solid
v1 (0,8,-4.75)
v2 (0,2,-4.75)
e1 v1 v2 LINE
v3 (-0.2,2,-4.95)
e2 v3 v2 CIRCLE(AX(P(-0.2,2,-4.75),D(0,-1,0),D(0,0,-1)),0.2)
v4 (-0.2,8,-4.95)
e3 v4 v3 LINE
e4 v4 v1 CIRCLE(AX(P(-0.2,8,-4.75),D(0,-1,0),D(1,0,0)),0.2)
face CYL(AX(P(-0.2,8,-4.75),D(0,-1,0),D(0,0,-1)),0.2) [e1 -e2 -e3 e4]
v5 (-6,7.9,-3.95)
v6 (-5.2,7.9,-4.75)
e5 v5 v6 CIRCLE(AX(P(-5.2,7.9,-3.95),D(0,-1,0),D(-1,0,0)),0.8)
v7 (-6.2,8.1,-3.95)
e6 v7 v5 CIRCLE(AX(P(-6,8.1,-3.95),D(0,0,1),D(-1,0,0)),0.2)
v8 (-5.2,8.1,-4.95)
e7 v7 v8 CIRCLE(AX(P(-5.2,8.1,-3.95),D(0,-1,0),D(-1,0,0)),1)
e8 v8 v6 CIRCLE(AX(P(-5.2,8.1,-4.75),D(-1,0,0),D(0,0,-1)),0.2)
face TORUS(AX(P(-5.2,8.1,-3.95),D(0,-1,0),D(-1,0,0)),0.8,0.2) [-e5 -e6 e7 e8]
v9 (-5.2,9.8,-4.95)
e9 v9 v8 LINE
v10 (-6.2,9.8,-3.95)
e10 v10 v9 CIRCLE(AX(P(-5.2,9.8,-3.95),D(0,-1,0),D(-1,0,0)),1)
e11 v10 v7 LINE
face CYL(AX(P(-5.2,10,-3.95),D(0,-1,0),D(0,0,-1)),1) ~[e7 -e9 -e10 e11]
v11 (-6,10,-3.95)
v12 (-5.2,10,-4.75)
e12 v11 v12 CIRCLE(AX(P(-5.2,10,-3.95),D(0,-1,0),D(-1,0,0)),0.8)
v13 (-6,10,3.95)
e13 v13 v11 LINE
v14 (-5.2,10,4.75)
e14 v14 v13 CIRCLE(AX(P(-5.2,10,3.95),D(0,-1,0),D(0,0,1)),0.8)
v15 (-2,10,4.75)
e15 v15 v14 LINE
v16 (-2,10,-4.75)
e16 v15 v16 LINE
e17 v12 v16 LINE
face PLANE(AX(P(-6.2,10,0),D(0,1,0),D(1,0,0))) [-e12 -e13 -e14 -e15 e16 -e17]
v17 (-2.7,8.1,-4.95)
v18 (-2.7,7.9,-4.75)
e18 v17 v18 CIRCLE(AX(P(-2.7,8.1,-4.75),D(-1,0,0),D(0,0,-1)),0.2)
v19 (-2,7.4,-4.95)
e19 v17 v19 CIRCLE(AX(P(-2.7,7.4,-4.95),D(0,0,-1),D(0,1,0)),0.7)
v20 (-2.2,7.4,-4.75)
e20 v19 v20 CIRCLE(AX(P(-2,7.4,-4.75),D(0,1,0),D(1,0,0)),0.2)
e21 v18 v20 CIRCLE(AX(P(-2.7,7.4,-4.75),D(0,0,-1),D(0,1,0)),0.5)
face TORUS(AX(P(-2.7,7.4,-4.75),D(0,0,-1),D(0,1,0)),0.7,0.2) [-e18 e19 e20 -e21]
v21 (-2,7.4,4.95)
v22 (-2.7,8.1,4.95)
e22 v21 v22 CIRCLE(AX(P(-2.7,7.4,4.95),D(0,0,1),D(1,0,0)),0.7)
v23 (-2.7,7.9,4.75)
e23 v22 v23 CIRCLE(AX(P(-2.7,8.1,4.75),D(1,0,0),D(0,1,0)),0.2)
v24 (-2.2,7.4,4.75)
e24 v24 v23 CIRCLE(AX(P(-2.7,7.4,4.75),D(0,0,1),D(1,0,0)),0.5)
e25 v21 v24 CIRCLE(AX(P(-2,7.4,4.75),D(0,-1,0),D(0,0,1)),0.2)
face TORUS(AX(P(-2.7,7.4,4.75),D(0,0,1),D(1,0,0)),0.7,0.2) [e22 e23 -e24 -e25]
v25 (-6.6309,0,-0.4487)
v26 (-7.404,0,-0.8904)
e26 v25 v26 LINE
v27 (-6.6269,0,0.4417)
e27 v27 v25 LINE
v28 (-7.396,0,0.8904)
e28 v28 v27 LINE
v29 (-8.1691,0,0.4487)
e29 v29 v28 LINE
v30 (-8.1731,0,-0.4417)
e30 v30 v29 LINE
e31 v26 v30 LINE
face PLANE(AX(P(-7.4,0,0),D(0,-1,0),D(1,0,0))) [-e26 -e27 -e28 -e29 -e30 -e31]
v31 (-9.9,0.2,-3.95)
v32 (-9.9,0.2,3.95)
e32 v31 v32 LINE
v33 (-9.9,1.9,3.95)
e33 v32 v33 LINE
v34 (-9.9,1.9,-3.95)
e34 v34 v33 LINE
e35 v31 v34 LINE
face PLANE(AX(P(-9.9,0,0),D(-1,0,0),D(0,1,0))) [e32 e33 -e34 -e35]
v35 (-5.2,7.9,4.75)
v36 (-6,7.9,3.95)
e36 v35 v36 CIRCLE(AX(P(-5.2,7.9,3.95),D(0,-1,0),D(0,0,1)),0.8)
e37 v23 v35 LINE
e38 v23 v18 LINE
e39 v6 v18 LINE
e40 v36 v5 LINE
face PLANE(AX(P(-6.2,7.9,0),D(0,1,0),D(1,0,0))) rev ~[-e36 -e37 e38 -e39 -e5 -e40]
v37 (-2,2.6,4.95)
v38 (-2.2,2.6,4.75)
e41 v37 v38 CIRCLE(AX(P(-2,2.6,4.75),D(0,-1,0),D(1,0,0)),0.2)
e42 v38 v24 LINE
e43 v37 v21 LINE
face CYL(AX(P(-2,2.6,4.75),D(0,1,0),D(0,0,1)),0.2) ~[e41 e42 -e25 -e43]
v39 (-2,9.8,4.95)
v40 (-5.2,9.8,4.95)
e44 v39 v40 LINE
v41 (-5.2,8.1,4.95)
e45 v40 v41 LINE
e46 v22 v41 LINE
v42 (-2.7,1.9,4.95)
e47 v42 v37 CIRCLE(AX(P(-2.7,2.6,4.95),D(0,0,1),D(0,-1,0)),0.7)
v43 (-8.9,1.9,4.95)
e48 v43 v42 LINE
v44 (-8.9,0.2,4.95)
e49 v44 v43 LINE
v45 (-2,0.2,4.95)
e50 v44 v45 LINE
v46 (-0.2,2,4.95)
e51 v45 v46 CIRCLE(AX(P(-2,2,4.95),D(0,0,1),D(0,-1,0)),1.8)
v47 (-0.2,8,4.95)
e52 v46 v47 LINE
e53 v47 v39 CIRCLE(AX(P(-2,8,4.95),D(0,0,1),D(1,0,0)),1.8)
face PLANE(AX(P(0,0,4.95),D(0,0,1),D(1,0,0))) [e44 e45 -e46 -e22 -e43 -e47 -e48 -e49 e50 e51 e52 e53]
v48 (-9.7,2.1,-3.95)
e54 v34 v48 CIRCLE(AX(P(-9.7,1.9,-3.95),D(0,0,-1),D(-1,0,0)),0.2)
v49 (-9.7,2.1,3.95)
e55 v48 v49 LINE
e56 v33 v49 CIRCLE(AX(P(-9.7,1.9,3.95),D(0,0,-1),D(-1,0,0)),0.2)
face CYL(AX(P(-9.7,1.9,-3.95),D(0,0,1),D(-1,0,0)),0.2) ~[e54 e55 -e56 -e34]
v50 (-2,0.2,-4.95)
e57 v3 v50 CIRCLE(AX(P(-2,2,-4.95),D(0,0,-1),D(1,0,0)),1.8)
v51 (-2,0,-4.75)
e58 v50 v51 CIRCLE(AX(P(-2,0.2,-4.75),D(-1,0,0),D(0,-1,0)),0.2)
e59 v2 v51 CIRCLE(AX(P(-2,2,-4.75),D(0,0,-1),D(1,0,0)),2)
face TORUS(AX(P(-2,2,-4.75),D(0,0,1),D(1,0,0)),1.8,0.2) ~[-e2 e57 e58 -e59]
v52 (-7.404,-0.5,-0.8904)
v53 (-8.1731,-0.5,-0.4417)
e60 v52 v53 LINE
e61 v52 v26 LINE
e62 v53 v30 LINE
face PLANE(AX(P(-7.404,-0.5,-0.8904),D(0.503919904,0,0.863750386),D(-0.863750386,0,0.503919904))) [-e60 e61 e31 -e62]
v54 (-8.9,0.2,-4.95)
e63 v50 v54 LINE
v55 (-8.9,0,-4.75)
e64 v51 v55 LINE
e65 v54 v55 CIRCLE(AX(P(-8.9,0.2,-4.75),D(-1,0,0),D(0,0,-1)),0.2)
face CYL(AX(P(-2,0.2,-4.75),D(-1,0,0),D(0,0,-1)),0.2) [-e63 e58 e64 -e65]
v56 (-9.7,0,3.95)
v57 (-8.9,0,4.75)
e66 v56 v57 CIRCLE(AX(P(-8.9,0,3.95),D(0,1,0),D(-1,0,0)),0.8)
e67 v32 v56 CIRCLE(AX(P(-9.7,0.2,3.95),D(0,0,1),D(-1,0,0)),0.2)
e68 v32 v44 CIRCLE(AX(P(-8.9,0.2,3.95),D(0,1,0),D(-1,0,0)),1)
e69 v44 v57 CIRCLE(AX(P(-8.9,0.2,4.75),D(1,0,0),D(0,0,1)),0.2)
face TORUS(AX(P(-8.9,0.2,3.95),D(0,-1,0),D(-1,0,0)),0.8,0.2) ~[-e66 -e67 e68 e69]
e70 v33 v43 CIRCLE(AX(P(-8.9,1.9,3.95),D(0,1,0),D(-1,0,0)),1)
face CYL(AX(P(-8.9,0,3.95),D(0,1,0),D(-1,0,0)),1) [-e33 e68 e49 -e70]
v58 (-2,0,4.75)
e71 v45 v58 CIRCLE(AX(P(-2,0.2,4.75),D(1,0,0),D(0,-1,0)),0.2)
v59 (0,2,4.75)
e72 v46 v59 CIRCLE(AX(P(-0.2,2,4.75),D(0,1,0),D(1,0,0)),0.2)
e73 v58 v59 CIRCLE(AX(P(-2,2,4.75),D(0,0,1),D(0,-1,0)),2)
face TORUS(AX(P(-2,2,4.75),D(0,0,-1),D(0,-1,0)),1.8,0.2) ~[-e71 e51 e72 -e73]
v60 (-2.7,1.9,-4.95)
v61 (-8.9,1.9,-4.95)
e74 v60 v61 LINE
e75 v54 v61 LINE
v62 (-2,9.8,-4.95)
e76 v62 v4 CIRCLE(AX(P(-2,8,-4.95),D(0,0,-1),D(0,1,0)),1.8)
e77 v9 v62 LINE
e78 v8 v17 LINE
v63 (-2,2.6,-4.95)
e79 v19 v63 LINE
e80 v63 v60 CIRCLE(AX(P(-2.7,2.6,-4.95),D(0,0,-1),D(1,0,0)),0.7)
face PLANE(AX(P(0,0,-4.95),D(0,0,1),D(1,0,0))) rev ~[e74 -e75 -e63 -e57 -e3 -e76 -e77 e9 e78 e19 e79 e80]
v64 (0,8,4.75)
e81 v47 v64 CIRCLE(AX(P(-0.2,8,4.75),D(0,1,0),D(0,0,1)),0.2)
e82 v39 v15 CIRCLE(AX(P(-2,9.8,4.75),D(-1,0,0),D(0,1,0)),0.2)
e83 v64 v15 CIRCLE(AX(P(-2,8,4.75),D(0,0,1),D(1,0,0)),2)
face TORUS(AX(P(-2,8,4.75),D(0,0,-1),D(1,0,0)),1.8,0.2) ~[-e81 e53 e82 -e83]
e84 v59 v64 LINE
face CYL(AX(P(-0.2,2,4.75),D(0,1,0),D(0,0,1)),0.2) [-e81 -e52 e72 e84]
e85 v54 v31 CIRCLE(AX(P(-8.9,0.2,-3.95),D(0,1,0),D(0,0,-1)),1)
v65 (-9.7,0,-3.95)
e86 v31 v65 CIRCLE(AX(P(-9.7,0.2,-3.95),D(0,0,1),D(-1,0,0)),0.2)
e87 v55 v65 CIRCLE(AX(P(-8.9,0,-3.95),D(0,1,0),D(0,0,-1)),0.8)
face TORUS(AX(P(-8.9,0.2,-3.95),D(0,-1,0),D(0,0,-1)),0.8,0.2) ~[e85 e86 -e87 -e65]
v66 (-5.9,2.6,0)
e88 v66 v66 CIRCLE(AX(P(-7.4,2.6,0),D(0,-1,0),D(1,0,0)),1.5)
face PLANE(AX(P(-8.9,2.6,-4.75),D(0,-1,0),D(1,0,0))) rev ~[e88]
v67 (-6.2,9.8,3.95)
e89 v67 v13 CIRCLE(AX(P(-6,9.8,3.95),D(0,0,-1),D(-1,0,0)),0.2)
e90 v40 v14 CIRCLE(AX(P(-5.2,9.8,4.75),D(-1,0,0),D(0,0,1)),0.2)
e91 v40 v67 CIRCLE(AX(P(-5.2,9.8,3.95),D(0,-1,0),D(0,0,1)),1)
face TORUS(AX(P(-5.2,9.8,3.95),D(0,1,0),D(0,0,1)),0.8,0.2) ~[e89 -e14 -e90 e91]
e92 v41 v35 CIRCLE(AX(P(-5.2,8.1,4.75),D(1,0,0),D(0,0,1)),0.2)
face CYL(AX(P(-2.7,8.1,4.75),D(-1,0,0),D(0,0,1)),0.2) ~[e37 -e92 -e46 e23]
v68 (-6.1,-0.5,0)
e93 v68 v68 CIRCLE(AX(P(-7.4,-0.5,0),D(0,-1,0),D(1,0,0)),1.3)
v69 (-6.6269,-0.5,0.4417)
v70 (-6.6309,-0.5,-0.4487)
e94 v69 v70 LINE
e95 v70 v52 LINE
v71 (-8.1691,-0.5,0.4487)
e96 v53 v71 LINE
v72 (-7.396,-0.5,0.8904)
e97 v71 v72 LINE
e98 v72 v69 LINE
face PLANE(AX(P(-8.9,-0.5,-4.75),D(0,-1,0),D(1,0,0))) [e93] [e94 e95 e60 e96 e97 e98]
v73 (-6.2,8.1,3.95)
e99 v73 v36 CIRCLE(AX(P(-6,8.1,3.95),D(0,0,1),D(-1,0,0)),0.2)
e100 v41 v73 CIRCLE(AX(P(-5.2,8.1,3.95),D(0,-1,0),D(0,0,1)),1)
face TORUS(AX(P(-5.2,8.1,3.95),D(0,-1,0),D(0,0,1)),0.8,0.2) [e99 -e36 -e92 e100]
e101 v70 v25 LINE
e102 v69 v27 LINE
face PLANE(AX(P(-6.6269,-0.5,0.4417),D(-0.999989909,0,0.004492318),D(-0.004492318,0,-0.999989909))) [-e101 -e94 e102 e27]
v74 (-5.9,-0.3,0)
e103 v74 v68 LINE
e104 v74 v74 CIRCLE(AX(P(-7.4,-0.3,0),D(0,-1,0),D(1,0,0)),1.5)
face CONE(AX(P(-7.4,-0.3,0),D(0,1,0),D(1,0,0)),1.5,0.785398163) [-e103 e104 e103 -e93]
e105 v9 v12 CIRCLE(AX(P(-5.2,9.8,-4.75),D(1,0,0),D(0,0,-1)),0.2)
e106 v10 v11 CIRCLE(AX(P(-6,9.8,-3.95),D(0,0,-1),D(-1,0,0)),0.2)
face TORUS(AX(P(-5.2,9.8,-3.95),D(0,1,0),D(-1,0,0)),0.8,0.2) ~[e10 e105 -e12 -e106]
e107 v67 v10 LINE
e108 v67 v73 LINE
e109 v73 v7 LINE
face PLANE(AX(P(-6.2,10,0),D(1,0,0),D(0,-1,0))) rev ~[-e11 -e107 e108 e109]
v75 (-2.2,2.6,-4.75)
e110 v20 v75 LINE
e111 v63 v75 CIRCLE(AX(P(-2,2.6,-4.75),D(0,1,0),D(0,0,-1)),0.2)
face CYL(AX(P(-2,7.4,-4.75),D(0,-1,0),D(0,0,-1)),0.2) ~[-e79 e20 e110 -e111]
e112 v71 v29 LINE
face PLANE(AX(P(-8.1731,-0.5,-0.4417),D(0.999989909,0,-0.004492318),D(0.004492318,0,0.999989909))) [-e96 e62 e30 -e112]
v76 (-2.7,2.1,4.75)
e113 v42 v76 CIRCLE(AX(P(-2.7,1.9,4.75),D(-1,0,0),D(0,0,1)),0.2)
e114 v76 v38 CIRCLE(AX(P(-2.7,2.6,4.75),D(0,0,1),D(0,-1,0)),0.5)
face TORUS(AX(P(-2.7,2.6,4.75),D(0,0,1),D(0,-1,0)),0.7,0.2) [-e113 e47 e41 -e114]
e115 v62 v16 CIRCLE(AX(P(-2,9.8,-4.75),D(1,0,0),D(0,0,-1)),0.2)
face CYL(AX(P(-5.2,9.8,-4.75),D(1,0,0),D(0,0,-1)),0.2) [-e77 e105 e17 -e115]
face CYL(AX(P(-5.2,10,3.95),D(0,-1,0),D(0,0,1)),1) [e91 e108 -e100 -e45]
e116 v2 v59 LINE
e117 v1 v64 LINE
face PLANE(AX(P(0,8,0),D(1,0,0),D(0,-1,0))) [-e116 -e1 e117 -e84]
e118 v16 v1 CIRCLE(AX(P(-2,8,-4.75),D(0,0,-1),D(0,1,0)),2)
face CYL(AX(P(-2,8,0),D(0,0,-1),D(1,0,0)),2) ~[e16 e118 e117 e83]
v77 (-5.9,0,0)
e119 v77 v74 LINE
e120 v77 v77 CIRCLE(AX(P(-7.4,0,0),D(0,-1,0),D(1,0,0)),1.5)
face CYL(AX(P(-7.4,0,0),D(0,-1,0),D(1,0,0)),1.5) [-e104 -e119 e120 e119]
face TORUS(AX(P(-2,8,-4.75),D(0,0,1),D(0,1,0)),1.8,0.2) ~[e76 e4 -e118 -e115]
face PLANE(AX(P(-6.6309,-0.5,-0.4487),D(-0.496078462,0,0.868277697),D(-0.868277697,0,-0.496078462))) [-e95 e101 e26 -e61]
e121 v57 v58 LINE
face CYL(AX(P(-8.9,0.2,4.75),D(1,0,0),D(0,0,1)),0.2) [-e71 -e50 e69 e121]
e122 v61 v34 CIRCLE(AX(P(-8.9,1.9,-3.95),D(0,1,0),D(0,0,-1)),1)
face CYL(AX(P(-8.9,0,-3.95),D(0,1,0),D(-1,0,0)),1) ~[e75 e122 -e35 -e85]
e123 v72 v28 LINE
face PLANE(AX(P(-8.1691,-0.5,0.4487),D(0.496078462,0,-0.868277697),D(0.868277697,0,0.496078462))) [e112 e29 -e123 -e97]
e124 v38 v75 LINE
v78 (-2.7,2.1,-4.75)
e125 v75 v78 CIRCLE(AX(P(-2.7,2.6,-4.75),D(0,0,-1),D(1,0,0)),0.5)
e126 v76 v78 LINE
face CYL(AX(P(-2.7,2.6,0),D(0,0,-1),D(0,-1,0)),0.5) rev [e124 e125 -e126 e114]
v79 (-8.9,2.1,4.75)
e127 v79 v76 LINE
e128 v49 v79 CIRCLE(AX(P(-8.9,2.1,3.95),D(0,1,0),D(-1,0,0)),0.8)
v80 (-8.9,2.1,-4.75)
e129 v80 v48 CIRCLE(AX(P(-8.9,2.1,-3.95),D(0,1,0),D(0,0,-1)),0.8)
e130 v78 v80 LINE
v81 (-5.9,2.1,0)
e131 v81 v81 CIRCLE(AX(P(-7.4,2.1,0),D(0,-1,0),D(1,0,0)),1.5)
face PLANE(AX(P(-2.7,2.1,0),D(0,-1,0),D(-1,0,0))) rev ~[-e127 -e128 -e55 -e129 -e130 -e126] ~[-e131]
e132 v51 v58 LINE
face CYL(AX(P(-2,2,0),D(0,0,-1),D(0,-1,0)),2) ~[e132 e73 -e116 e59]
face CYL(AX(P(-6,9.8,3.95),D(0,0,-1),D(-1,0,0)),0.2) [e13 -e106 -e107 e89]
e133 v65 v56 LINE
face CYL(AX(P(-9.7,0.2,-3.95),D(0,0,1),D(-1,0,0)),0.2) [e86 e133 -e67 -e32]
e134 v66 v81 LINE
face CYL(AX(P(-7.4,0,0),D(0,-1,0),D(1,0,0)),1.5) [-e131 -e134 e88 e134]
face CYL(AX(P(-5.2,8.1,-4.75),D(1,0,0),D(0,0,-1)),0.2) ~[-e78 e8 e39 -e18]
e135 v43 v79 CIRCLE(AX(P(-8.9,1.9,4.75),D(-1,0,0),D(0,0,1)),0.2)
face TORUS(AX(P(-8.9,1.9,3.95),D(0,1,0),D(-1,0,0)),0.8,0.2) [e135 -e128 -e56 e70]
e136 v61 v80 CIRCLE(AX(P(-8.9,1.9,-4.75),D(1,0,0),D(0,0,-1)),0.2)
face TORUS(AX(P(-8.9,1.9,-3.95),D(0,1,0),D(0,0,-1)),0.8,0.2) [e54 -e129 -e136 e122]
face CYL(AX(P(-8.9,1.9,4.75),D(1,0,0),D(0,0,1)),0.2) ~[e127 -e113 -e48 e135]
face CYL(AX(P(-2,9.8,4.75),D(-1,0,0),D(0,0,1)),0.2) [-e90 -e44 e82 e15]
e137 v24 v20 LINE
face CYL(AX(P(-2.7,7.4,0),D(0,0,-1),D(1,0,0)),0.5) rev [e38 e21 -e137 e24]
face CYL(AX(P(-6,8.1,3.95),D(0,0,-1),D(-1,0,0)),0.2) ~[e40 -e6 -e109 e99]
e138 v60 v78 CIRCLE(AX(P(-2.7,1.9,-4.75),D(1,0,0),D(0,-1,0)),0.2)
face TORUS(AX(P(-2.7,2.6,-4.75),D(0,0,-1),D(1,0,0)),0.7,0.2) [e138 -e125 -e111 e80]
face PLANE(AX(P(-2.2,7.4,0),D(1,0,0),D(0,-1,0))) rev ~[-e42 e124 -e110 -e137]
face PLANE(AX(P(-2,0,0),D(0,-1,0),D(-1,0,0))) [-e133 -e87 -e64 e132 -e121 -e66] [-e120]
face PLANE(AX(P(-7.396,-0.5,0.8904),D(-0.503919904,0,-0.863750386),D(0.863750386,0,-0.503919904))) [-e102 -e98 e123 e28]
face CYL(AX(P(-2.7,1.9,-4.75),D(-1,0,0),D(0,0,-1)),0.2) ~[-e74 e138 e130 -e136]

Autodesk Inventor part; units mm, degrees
ref_plane "YZ Plane" through (0, 0, 0) normal (1, 0, 0) x (0, 1, 0)
ref_plane "XZ Plane" through (0, 0, 0) normal (0, 1, 0) x (-1, 0, 0)
ref_plane "XY Plane" through (0, 0, 0) normal (0, 0, 1) x (1, 0, 0)
sketch "Эскиз1" plane through (0, 0, 0) normal (0, 0, 1) x (1, 0, 0)
  line L0 (-2, 0) -> (-9.9, 0)
  line L1 (-6.2, 10) -> (-2, 10)
  line L2 (0, 8) -> (0, 2)
  line L3 (-6.2, 7.9) -> (-2.7, 7.9)
  line L4 (-2.2, 7.4) -> (-2.2, 2.6)
  line L5 (-2.7, 2.1) -> (-9.9, 2.1)
  line L6 (0, 5) -> (-10, 5) construction
  line L7 (-6.2, 10) -> (-6.2, 7.9)
  line L8 (-9.9, 0) -> (-9.9, 2.1)
  arc A0 (0, 8) -> (-2, 10) centre (-2, 8) ccw
  arc A1 (-2, 0) -> (0, 2) centre (-2, 2) ccw
  arc A2 (-2.2, 7.4) -> (-2.7, 7.9) centre (-2.7, 7.4) ccw
  arc A3 (-2.7, 2.1) -> (-2.2, 2.6) centre (-2.7, 2.6) ccw
  point P0 (0, 0)
  dimension "d0" = 10
  dimension "d1" = 5.8
  dimension "d2" = 2.1
  dimension "d3" = 2.2
  dimension "d5" = 6.2
  dimension "d6" = 9.9
  dimension "d7" = 2
  dimension "d8" = 2.1
  dimension "d9" = 0.5
extrude "Выдавливание1" add sketch "Эскиз1" along normal mid plane 9.9
fillet "Сопряжение1" radius 1 4 edges at (-6.2, 8.95, 4.95) (-6.2, 8.95, -4.95) (-9.9, 1.05, 4.95) (-9.9, 1.05, -4.95)
fillet "Сопряжение2" radius 0.2 32 edges at (-9.6071, 2.1, 4.6571) (-9.9, 2.1, 0) (-9.6071, 2.1, -4.6571) (-5.8, 2.1, -4.95) (-2.3464, 2.2464, -4.95) (-2.2, 5, -4.95) (-2.3464, 7.7536, -4.95) (-3.95, 7.9, -4.95) (-5.9071, 7.9, -4.6571) (-6.2, 7.9, 0) (-5.9071, 7.9, 4.6571) (-3.95, 7.9, 4.95) (-2.3464, 7.7536, 4.95) (-2.2, 5, 4.95) (-2.3464, 2.2464, 4.95) (-5.8, 2.1, 4.95) (-0.5858, 0.5858, 4.95) (0, 5, 4.95) (-0.5858, 9.4142, 4.95) (-3.6, 10, 4.95) (-5.9071, 10, 4.6571) (-6.2, 10, 0) (-5.9071, 10, -4.6571) (-3.6, 10, -4.95) (-0.5858, 9.4142, -4.95) (0, 5, -4.95) (-0.5858, 0.5858, -4.95) (-5.45, 0, -4.95) (-9.6071, 0, -4.6571) (-9.9, 0, 0) (-9.6071, 0, 4.6571) (-5.45, 0, 4.95)
sketch "Эскиз2" plane through (-8.9, 0, -4.75) normal (0, -1, 0) x (1, 0, 0)
  line L0 (-1, 8.7) -> (-1, 0.8) construction
  line L1 (-1, 4.75) -> (9.4252, 4.75) construction
  circle A0 centre (1.5, 4.75) radius 1.5
  point P0 (8.9, 4.75)
  dimension "d14" = 3
  dimension "d15" = 2.5
extrude "Выдавливание2" add sketch "Эскиз2" against normal blind 2.6 and the other way blind 0.5
chamfer "Фаска1" distance 0.2 angle 45 1 edges at (-8.9, -0.5, 0)
sketch "Эскиз3" plane through (-7.4, -0.5, 0) normal (0, -1, 0) x (1, 0, 0)
  line L0 (0.004, 0.8904) -> (0.7731, 0.4417)
  line L1 (0.7731, 0.4417) -> (0.7691, -0.4487)
  line L2 (0.7691, -0.4487) -> (-0.004, -0.8904)
  line L3 (-0.004, -0.8904) -> (-0.7731, -0.4417)
  line L4 (-0.7731, -0.4417) -> (-0.7691, 0.4487)
  line L5 (-0.7691, 0.4487) -> (0.004, 0.8904)
  point P0 (7.4, 0)
  point P1 (0, 0)
extrude "Выдавливание3" cut sketch "Эскиз3" against normal blind 0.5
properties part number "скоба"
